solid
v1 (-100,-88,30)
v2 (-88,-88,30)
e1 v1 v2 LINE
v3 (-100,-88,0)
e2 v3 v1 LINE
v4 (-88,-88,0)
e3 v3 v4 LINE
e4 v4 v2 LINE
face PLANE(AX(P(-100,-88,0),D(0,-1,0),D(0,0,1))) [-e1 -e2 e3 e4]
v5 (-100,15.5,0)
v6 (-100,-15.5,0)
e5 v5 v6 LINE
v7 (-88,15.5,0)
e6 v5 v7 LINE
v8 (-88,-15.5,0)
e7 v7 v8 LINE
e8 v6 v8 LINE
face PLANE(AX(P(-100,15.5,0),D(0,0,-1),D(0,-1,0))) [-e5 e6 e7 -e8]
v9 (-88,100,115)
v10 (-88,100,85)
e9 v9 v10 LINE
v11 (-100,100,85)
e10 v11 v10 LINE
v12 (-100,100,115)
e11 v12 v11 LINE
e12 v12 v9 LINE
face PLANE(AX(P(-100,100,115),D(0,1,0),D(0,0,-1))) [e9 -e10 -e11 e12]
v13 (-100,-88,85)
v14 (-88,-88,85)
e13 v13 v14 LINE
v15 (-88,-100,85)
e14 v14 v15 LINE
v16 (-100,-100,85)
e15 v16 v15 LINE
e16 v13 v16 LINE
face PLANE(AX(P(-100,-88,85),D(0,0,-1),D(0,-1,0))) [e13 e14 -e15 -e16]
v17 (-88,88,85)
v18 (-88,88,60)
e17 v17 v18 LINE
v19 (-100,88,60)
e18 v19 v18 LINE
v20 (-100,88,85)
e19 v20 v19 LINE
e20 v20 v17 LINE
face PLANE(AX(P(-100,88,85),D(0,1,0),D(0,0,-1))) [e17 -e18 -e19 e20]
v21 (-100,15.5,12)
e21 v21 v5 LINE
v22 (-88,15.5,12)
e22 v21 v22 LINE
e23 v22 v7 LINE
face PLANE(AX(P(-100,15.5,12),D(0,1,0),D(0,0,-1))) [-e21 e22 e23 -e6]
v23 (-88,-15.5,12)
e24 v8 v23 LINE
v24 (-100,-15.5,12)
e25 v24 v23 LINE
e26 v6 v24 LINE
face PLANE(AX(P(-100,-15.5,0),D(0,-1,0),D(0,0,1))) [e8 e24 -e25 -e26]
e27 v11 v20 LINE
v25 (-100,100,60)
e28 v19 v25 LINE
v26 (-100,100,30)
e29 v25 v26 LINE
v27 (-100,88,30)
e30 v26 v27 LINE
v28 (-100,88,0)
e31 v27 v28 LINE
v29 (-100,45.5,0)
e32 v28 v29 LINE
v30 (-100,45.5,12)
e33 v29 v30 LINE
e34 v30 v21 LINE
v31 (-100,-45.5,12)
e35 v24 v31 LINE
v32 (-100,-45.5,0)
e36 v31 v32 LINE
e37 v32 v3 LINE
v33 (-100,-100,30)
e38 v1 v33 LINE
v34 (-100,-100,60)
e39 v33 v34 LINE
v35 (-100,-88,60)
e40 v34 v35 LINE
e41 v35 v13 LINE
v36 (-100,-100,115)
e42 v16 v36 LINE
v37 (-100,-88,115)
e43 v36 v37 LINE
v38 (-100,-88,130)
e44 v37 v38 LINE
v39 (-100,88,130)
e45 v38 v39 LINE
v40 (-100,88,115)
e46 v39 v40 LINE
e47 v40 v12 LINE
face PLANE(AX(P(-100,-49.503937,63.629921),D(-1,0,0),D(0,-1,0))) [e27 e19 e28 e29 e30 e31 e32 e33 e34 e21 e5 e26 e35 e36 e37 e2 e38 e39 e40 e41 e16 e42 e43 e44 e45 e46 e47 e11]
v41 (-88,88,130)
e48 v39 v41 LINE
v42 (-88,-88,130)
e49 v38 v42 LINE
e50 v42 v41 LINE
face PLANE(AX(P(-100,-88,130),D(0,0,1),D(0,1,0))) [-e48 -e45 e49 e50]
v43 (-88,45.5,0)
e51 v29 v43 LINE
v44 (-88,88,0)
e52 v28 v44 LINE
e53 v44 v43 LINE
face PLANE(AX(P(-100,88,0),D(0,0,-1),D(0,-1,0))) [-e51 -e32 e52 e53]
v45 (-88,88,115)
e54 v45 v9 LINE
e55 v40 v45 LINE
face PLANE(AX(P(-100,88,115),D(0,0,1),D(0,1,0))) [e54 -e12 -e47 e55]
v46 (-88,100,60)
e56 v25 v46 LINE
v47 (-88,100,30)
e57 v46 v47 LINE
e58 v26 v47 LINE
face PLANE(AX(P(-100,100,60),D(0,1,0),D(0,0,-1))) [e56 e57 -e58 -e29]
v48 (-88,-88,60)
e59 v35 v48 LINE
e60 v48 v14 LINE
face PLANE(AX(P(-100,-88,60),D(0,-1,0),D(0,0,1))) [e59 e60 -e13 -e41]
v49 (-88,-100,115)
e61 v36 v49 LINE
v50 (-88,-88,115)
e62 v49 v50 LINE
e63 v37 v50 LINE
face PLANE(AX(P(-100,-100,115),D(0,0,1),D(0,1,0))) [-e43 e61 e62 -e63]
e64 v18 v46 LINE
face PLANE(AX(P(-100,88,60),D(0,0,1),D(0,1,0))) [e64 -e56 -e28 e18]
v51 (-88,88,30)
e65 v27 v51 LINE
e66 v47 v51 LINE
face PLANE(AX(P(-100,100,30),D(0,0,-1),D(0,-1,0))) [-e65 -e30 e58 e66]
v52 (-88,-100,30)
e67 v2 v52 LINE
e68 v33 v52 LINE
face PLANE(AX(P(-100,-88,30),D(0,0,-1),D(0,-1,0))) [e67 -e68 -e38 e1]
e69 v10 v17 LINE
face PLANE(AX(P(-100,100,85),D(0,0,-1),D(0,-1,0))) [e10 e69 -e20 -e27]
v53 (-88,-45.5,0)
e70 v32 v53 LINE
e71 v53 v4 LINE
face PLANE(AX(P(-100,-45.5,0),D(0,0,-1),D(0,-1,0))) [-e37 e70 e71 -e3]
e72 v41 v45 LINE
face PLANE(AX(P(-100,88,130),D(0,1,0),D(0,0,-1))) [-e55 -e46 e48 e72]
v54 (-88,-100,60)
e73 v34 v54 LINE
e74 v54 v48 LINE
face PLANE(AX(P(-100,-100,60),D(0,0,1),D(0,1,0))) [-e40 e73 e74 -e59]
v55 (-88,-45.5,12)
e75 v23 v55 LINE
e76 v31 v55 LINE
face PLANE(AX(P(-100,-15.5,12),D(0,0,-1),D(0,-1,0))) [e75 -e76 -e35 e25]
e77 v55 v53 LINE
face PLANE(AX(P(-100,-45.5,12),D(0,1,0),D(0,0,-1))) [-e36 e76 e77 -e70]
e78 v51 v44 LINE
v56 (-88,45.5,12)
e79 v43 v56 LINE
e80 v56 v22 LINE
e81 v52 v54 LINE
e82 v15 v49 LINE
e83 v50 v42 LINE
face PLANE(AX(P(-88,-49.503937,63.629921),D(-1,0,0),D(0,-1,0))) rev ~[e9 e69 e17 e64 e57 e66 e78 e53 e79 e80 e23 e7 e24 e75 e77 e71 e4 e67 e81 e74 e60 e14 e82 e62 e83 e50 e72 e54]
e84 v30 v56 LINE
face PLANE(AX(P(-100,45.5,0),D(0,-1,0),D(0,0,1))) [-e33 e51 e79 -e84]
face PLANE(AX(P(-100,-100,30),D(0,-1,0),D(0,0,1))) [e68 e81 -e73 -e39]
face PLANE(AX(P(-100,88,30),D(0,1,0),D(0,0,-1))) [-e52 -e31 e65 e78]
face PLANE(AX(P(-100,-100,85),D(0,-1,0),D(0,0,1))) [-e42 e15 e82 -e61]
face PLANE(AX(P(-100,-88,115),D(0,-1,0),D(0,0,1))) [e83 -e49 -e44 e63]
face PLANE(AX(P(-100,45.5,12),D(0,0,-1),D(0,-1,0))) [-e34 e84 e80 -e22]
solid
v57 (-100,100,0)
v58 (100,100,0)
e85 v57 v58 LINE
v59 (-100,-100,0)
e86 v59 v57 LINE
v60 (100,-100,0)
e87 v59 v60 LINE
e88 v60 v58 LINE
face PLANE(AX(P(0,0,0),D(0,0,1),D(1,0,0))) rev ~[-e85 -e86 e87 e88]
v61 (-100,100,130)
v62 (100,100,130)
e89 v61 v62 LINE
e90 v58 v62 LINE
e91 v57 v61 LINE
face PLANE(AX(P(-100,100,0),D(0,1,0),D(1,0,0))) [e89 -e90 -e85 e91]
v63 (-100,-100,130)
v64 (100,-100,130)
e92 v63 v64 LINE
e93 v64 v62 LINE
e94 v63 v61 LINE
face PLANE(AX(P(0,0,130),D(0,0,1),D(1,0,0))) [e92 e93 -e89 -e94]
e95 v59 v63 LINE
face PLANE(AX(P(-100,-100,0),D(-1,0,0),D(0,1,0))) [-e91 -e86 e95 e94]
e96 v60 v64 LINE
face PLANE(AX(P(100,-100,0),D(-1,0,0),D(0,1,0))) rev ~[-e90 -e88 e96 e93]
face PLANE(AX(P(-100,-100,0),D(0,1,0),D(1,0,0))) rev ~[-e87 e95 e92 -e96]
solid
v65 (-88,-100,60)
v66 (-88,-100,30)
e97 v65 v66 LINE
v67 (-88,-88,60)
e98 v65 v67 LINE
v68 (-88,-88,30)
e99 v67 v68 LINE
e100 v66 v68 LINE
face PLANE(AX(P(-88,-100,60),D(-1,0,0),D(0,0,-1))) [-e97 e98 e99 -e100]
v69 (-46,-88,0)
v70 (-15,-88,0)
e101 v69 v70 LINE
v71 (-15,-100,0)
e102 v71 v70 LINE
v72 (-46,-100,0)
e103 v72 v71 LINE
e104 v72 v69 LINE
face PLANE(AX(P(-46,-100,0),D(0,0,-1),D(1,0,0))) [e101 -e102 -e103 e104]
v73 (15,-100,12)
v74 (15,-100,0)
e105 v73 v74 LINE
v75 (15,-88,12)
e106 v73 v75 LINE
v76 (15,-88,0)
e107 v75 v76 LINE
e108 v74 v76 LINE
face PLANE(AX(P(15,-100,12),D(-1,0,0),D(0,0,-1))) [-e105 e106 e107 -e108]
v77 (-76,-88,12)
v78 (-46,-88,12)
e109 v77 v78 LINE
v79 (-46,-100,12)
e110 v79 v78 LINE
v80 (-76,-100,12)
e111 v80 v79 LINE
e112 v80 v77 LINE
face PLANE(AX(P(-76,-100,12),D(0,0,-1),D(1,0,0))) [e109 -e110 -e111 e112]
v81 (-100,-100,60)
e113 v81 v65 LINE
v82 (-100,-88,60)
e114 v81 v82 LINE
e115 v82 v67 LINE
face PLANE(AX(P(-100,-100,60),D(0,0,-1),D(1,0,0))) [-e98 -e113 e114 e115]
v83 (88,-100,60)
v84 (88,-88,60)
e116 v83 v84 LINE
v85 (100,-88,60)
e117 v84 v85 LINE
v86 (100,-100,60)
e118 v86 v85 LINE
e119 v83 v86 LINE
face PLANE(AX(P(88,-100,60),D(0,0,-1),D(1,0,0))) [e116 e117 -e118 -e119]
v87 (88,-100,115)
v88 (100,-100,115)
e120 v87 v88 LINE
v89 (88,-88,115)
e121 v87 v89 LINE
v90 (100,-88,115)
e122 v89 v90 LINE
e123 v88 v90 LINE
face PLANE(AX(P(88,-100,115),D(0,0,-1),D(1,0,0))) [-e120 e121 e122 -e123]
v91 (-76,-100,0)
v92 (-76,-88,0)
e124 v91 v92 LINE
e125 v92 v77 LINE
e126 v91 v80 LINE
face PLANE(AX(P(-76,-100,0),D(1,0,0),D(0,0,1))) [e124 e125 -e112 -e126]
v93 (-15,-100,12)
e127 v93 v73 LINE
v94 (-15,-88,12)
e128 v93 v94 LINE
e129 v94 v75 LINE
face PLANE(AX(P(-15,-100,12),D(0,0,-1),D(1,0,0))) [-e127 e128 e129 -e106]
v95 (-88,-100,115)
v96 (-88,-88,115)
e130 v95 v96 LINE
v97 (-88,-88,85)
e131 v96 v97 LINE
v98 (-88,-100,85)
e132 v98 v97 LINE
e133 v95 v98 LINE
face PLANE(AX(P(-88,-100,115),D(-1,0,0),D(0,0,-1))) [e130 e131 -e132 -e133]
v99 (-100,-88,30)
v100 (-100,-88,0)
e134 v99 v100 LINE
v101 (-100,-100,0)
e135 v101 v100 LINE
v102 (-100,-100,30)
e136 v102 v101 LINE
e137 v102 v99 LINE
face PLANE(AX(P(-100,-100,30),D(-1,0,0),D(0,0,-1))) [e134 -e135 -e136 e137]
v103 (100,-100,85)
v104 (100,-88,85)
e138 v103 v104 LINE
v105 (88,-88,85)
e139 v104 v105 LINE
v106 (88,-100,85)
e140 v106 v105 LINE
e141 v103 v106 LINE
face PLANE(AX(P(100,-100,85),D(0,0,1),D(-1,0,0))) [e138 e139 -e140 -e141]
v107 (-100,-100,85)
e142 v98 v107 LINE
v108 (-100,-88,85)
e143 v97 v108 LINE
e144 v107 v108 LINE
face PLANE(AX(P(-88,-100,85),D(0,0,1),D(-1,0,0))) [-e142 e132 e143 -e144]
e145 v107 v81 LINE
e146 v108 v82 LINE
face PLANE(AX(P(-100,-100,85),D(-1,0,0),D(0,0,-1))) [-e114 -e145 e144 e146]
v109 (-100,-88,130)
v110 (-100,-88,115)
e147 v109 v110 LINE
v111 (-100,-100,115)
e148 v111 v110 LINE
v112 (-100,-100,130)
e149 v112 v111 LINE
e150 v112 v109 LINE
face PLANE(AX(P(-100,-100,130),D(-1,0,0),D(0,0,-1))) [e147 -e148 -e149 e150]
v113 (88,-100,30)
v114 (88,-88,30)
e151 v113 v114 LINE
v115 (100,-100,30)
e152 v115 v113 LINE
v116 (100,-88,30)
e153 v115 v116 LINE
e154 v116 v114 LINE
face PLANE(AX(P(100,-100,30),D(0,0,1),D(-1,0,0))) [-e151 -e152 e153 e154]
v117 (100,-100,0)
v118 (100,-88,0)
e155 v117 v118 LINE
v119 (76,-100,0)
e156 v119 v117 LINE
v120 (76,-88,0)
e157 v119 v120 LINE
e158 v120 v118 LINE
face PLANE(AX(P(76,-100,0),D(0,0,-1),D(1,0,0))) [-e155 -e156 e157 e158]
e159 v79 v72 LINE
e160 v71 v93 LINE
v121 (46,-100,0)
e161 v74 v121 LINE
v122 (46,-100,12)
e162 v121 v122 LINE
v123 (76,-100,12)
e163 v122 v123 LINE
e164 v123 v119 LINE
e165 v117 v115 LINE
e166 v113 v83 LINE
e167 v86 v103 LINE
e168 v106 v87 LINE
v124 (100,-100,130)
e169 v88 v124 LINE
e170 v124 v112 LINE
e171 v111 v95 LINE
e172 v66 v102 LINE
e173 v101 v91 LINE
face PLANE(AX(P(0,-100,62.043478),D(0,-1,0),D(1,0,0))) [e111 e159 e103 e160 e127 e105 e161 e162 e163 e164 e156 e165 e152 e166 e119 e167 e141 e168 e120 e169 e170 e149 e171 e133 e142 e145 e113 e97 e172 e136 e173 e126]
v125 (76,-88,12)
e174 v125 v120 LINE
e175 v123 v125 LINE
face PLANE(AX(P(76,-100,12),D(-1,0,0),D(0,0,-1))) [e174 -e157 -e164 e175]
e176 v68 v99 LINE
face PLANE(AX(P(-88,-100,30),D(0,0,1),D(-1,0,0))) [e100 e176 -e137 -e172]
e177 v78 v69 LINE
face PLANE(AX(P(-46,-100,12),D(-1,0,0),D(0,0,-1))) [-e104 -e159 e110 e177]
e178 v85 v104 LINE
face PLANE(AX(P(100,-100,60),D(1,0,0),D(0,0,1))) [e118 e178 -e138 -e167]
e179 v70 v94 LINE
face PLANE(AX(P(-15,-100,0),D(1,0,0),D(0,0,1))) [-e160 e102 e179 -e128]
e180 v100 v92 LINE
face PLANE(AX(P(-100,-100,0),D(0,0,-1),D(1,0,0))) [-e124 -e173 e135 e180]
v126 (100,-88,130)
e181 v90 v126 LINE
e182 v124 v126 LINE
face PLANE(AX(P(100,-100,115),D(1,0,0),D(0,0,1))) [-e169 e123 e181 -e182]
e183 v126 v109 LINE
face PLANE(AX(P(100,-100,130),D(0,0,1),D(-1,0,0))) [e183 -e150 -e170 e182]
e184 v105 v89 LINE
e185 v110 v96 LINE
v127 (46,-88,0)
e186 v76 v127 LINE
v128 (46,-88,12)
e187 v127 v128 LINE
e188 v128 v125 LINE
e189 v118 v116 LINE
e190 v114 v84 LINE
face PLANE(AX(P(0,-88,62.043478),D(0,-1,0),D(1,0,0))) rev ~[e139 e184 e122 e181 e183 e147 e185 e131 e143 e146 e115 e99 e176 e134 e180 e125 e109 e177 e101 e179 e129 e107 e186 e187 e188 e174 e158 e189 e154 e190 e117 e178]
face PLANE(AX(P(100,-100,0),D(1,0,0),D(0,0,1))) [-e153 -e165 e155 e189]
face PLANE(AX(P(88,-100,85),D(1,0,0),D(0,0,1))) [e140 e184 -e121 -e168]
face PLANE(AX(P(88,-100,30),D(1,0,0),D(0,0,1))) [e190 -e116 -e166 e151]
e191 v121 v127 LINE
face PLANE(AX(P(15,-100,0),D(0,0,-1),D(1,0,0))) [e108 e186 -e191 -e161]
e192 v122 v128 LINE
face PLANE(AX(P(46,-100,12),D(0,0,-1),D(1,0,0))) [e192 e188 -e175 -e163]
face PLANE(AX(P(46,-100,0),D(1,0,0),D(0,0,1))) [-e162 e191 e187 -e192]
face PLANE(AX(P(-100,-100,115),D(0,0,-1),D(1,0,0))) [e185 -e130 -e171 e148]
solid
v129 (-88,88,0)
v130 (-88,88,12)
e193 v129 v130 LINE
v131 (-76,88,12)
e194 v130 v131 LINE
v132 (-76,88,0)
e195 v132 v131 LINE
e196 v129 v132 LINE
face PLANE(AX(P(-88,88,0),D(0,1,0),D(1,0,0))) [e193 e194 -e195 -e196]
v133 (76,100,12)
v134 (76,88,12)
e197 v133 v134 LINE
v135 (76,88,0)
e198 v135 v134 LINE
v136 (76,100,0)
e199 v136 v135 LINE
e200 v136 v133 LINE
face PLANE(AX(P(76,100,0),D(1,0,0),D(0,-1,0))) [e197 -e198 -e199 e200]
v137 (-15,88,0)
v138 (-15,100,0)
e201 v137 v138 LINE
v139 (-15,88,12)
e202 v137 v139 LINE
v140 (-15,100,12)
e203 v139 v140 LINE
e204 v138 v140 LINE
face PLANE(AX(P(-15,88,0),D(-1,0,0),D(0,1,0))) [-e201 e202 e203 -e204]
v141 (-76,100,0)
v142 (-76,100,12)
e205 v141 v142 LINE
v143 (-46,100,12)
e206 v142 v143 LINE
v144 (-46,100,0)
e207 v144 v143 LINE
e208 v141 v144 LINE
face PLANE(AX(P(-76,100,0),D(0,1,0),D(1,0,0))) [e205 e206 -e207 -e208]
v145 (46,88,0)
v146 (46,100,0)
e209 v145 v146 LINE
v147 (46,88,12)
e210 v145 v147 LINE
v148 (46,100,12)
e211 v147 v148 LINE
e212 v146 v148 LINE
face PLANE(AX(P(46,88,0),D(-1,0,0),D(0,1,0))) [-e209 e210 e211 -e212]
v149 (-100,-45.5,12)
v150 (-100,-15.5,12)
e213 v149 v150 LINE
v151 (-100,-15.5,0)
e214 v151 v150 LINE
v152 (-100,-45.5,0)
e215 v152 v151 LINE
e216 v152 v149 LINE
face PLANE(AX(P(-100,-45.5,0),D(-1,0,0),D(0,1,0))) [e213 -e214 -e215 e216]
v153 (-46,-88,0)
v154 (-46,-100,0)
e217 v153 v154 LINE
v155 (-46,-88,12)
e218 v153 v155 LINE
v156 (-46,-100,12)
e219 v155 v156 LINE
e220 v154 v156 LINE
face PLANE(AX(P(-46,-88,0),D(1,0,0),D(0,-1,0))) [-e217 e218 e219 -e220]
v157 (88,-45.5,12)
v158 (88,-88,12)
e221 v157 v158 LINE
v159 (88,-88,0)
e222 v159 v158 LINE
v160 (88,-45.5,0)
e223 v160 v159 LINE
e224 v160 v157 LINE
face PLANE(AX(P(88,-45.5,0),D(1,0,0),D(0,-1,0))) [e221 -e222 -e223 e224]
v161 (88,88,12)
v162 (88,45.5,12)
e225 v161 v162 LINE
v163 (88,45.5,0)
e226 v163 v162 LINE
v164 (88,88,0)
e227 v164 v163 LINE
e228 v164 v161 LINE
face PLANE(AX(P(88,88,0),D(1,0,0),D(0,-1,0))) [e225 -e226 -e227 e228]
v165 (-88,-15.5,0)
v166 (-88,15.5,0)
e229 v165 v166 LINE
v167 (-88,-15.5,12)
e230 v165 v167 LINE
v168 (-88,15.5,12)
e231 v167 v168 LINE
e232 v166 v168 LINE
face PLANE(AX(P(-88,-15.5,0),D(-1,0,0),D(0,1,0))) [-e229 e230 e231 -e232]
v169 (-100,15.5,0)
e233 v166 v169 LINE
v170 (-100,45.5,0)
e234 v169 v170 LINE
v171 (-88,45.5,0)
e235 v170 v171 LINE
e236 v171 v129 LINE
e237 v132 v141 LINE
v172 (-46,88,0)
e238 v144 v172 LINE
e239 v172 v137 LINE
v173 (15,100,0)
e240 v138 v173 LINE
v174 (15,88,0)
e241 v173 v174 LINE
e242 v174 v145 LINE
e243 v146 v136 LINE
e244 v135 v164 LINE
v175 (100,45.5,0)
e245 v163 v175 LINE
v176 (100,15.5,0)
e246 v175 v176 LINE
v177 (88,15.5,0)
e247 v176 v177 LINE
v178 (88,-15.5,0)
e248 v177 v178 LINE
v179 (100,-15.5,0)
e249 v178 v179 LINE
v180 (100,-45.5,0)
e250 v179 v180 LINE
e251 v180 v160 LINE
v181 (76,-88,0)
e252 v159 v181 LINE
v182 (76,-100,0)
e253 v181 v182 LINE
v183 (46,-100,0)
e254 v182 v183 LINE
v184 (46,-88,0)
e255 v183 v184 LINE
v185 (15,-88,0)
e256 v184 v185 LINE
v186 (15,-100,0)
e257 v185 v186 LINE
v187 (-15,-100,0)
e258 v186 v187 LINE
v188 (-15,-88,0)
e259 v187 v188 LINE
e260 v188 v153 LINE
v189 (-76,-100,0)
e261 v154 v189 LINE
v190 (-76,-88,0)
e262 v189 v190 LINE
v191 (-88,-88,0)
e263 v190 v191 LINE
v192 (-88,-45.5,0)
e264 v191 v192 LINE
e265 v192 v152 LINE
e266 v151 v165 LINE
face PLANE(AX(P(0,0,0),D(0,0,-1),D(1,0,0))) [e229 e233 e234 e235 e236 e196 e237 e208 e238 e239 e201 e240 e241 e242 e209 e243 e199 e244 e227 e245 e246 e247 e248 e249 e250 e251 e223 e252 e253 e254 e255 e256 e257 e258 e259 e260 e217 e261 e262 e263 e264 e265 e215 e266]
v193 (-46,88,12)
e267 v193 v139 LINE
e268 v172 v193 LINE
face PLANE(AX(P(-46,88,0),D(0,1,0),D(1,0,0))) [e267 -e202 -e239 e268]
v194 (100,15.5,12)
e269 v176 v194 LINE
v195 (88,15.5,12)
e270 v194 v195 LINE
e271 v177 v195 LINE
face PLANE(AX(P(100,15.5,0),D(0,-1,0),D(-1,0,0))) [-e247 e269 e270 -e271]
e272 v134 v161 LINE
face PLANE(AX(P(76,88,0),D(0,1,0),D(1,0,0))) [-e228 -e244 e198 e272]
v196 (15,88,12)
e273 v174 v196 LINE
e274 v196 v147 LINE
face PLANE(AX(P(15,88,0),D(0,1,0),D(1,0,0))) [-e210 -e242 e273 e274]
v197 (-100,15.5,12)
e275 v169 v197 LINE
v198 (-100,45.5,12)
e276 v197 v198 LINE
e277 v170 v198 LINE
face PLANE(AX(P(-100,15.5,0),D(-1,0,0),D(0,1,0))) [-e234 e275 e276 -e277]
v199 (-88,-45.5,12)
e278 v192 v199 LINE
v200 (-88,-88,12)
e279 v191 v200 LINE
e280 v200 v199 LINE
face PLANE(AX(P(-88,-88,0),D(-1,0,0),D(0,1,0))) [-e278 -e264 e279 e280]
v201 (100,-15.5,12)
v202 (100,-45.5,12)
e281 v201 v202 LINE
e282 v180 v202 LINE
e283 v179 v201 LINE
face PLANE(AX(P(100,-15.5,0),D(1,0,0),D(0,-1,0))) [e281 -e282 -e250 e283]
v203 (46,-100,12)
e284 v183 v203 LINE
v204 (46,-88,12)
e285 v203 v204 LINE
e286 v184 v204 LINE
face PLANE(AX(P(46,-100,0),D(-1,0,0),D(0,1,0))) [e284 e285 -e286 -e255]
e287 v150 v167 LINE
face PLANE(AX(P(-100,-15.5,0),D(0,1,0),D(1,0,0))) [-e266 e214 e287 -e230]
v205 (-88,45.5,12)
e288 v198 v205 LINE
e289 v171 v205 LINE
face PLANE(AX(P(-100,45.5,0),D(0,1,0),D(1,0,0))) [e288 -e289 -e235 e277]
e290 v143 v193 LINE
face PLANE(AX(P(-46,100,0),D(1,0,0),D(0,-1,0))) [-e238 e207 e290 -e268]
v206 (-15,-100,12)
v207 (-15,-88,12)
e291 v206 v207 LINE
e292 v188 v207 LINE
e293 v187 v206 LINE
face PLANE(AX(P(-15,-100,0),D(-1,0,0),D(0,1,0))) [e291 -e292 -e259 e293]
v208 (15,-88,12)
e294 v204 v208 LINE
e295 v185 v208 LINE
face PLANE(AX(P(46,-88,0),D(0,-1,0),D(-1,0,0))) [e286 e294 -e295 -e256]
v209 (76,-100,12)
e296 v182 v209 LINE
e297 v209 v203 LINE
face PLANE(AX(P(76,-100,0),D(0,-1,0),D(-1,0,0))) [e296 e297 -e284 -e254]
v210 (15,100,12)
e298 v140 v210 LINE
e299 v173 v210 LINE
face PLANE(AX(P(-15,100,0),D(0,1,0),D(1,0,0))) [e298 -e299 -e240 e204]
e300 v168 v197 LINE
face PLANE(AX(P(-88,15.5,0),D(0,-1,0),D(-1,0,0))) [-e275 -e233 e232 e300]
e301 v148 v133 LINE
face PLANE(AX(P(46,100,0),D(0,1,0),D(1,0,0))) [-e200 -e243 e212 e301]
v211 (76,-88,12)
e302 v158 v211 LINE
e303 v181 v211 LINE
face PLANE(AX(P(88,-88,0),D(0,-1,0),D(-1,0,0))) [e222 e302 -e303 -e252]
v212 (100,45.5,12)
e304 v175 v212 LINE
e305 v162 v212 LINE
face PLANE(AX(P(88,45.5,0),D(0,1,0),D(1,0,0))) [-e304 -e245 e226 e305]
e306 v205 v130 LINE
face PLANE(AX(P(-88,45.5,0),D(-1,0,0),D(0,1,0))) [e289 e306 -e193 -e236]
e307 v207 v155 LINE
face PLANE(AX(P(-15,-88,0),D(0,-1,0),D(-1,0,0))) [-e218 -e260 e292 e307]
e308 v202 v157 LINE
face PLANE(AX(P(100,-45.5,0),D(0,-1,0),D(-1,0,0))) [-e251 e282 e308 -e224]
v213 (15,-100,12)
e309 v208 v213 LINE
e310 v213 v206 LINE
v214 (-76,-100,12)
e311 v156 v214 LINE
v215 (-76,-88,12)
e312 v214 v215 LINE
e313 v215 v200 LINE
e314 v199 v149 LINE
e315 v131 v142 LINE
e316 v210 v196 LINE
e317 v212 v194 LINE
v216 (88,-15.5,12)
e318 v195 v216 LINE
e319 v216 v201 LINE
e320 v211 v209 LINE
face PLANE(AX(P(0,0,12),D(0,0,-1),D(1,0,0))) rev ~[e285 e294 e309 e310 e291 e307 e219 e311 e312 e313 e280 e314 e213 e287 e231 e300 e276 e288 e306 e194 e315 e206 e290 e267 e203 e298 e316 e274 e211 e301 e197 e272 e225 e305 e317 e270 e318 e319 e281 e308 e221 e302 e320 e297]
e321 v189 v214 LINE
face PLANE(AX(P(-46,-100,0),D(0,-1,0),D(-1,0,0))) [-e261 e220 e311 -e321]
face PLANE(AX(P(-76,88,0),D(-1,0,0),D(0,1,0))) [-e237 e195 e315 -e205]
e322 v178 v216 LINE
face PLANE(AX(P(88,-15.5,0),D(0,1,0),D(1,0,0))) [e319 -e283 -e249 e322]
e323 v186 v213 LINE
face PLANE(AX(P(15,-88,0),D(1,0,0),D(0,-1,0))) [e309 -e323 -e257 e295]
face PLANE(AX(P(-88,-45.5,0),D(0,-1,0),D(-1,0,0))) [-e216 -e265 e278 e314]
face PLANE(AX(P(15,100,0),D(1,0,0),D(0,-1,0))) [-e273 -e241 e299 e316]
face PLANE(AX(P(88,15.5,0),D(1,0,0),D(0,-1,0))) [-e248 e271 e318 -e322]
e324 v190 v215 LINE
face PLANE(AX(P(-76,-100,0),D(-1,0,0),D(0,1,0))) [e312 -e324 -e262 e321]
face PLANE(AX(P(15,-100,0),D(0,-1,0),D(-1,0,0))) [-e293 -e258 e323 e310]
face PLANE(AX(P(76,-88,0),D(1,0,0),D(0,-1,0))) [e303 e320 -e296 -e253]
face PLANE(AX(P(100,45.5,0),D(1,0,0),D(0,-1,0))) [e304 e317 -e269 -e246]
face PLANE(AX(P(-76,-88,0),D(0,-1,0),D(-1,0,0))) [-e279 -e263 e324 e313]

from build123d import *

# Parameters (mm, degrees)
F0_W     = 200
F0_H     = 200
F0_W_2   = 61.817065
F0_H_2   = 48.289645
F1_DEPTH = 130
F3_DEPTH = 12
F5_DEPTH = 12
F7_DEPTH = 12


with BuildPart() as f1:
    # F0 (on Top) → F1 (new body)
    with BuildSketch(Plane.XY):
        Rectangle(F0_W, F0_H)
        with Locations((-45.024239, 3.057866)):
            Rectangle(F0_W_2, F0_H_2, mode=Mode.SUBTRACT)
        with Locations((-45.024239, 3.057866)):
            Rectangle(F0_W_2, F0_H_2)
    extrude(amount=F1_DEPTH)


with BuildPart() as f3:
    # F2 (on face) → F3 (new body)
    with BuildSketch(Plane(origin=(0, 0, 0), x_dir=(1, 0, 0), z_dir=(0, 0, -1))):
        Polygon((88, 45.5), (88, 88), (76, 88), (76, 100), (46, 100), (46, 88), (15, 88), (15, 100), (-15, 100), (-15, 88), (-46, 88), (-46, 100), (-76, 100), (-76, 88), (-88, 88), (-88, 45.5), (-100, 45.5), (-100, 15.5), (-88, 15.5), (-88, -15.5), (-100, -15.5), (-100, -45.5), (-88, -45.5), (-88, -88), (-76, -88), (-76, -100), (-46, -100), (-46, -88), (-15, -88), (-15, -100), (15, -100), (15, -88), (46, -88), (46, -100), (76, -100), (76, -88), (88, -88), (88, -45.5), (100, -45.5), (100, -15.5), (88, -15.5), (88, 15.5), (100, 15.5), (100, 45.5), align=None)
    extrude(amount=-F3_DEPTH)


with BuildPart() as f5:
    # F4 (on face) → F5 (new body)
    with BuildSketch(Plane.XZ.offset(100)):
        Polygon((-76, 0), (-76, 12), (-46, 12), (-46, 0), (-15, 0), (-15, 12), (15, 12), (15, 0), (46, 0), (46, 12), (76, 12), (76, 0), (100, 0), (100, 30), (88, 30), (88, 60), (100, 60), (100, 85), (88, 85), (88, 115), (100, 115), (100, 130), (-100, 130), (-100, 115), (-88, 115), (-88, 85), (-100, 85), (-100, 60), (-88, 60), (-88, 30), (-100, 30), (-100, 0), align=None)
    extrude(amount=-F5_DEPTH)


with BuildPart() as f7:
    # F6 (on face) → F7 (new body)
    with BuildSketch(Plane(origin=(-100, 0, 0), x_dir=(0, -1, 0), z_dir=(-1, 0, 0))):
        Polygon((88, 130), (0, 130), (0, 0), (15.5, 0), (15.5, 12), (45.5, 12), (45.5, 0), (88, 0), (88, 30), (100, 30), (100, 60), (88, 60), (88, 85), (100, 85), (100, 115), (88, 115), align=None)
        Polygon((0, 0), (0, 130), (-88, 130), (-88, 115), (-100, 115), (-100, 85), (-88, 85), (-88, 60), (-100, 60), (-100, 30), (-88, 30), (-88, 0), (-45.5, 0), (-45.5, 12), (-15.5, 12), (-15.5, 0), align=None)
    extrude(amount=-F7_DEPTH)


solid = Compound([f1.part, f3.part, f5.part, f7.part])
